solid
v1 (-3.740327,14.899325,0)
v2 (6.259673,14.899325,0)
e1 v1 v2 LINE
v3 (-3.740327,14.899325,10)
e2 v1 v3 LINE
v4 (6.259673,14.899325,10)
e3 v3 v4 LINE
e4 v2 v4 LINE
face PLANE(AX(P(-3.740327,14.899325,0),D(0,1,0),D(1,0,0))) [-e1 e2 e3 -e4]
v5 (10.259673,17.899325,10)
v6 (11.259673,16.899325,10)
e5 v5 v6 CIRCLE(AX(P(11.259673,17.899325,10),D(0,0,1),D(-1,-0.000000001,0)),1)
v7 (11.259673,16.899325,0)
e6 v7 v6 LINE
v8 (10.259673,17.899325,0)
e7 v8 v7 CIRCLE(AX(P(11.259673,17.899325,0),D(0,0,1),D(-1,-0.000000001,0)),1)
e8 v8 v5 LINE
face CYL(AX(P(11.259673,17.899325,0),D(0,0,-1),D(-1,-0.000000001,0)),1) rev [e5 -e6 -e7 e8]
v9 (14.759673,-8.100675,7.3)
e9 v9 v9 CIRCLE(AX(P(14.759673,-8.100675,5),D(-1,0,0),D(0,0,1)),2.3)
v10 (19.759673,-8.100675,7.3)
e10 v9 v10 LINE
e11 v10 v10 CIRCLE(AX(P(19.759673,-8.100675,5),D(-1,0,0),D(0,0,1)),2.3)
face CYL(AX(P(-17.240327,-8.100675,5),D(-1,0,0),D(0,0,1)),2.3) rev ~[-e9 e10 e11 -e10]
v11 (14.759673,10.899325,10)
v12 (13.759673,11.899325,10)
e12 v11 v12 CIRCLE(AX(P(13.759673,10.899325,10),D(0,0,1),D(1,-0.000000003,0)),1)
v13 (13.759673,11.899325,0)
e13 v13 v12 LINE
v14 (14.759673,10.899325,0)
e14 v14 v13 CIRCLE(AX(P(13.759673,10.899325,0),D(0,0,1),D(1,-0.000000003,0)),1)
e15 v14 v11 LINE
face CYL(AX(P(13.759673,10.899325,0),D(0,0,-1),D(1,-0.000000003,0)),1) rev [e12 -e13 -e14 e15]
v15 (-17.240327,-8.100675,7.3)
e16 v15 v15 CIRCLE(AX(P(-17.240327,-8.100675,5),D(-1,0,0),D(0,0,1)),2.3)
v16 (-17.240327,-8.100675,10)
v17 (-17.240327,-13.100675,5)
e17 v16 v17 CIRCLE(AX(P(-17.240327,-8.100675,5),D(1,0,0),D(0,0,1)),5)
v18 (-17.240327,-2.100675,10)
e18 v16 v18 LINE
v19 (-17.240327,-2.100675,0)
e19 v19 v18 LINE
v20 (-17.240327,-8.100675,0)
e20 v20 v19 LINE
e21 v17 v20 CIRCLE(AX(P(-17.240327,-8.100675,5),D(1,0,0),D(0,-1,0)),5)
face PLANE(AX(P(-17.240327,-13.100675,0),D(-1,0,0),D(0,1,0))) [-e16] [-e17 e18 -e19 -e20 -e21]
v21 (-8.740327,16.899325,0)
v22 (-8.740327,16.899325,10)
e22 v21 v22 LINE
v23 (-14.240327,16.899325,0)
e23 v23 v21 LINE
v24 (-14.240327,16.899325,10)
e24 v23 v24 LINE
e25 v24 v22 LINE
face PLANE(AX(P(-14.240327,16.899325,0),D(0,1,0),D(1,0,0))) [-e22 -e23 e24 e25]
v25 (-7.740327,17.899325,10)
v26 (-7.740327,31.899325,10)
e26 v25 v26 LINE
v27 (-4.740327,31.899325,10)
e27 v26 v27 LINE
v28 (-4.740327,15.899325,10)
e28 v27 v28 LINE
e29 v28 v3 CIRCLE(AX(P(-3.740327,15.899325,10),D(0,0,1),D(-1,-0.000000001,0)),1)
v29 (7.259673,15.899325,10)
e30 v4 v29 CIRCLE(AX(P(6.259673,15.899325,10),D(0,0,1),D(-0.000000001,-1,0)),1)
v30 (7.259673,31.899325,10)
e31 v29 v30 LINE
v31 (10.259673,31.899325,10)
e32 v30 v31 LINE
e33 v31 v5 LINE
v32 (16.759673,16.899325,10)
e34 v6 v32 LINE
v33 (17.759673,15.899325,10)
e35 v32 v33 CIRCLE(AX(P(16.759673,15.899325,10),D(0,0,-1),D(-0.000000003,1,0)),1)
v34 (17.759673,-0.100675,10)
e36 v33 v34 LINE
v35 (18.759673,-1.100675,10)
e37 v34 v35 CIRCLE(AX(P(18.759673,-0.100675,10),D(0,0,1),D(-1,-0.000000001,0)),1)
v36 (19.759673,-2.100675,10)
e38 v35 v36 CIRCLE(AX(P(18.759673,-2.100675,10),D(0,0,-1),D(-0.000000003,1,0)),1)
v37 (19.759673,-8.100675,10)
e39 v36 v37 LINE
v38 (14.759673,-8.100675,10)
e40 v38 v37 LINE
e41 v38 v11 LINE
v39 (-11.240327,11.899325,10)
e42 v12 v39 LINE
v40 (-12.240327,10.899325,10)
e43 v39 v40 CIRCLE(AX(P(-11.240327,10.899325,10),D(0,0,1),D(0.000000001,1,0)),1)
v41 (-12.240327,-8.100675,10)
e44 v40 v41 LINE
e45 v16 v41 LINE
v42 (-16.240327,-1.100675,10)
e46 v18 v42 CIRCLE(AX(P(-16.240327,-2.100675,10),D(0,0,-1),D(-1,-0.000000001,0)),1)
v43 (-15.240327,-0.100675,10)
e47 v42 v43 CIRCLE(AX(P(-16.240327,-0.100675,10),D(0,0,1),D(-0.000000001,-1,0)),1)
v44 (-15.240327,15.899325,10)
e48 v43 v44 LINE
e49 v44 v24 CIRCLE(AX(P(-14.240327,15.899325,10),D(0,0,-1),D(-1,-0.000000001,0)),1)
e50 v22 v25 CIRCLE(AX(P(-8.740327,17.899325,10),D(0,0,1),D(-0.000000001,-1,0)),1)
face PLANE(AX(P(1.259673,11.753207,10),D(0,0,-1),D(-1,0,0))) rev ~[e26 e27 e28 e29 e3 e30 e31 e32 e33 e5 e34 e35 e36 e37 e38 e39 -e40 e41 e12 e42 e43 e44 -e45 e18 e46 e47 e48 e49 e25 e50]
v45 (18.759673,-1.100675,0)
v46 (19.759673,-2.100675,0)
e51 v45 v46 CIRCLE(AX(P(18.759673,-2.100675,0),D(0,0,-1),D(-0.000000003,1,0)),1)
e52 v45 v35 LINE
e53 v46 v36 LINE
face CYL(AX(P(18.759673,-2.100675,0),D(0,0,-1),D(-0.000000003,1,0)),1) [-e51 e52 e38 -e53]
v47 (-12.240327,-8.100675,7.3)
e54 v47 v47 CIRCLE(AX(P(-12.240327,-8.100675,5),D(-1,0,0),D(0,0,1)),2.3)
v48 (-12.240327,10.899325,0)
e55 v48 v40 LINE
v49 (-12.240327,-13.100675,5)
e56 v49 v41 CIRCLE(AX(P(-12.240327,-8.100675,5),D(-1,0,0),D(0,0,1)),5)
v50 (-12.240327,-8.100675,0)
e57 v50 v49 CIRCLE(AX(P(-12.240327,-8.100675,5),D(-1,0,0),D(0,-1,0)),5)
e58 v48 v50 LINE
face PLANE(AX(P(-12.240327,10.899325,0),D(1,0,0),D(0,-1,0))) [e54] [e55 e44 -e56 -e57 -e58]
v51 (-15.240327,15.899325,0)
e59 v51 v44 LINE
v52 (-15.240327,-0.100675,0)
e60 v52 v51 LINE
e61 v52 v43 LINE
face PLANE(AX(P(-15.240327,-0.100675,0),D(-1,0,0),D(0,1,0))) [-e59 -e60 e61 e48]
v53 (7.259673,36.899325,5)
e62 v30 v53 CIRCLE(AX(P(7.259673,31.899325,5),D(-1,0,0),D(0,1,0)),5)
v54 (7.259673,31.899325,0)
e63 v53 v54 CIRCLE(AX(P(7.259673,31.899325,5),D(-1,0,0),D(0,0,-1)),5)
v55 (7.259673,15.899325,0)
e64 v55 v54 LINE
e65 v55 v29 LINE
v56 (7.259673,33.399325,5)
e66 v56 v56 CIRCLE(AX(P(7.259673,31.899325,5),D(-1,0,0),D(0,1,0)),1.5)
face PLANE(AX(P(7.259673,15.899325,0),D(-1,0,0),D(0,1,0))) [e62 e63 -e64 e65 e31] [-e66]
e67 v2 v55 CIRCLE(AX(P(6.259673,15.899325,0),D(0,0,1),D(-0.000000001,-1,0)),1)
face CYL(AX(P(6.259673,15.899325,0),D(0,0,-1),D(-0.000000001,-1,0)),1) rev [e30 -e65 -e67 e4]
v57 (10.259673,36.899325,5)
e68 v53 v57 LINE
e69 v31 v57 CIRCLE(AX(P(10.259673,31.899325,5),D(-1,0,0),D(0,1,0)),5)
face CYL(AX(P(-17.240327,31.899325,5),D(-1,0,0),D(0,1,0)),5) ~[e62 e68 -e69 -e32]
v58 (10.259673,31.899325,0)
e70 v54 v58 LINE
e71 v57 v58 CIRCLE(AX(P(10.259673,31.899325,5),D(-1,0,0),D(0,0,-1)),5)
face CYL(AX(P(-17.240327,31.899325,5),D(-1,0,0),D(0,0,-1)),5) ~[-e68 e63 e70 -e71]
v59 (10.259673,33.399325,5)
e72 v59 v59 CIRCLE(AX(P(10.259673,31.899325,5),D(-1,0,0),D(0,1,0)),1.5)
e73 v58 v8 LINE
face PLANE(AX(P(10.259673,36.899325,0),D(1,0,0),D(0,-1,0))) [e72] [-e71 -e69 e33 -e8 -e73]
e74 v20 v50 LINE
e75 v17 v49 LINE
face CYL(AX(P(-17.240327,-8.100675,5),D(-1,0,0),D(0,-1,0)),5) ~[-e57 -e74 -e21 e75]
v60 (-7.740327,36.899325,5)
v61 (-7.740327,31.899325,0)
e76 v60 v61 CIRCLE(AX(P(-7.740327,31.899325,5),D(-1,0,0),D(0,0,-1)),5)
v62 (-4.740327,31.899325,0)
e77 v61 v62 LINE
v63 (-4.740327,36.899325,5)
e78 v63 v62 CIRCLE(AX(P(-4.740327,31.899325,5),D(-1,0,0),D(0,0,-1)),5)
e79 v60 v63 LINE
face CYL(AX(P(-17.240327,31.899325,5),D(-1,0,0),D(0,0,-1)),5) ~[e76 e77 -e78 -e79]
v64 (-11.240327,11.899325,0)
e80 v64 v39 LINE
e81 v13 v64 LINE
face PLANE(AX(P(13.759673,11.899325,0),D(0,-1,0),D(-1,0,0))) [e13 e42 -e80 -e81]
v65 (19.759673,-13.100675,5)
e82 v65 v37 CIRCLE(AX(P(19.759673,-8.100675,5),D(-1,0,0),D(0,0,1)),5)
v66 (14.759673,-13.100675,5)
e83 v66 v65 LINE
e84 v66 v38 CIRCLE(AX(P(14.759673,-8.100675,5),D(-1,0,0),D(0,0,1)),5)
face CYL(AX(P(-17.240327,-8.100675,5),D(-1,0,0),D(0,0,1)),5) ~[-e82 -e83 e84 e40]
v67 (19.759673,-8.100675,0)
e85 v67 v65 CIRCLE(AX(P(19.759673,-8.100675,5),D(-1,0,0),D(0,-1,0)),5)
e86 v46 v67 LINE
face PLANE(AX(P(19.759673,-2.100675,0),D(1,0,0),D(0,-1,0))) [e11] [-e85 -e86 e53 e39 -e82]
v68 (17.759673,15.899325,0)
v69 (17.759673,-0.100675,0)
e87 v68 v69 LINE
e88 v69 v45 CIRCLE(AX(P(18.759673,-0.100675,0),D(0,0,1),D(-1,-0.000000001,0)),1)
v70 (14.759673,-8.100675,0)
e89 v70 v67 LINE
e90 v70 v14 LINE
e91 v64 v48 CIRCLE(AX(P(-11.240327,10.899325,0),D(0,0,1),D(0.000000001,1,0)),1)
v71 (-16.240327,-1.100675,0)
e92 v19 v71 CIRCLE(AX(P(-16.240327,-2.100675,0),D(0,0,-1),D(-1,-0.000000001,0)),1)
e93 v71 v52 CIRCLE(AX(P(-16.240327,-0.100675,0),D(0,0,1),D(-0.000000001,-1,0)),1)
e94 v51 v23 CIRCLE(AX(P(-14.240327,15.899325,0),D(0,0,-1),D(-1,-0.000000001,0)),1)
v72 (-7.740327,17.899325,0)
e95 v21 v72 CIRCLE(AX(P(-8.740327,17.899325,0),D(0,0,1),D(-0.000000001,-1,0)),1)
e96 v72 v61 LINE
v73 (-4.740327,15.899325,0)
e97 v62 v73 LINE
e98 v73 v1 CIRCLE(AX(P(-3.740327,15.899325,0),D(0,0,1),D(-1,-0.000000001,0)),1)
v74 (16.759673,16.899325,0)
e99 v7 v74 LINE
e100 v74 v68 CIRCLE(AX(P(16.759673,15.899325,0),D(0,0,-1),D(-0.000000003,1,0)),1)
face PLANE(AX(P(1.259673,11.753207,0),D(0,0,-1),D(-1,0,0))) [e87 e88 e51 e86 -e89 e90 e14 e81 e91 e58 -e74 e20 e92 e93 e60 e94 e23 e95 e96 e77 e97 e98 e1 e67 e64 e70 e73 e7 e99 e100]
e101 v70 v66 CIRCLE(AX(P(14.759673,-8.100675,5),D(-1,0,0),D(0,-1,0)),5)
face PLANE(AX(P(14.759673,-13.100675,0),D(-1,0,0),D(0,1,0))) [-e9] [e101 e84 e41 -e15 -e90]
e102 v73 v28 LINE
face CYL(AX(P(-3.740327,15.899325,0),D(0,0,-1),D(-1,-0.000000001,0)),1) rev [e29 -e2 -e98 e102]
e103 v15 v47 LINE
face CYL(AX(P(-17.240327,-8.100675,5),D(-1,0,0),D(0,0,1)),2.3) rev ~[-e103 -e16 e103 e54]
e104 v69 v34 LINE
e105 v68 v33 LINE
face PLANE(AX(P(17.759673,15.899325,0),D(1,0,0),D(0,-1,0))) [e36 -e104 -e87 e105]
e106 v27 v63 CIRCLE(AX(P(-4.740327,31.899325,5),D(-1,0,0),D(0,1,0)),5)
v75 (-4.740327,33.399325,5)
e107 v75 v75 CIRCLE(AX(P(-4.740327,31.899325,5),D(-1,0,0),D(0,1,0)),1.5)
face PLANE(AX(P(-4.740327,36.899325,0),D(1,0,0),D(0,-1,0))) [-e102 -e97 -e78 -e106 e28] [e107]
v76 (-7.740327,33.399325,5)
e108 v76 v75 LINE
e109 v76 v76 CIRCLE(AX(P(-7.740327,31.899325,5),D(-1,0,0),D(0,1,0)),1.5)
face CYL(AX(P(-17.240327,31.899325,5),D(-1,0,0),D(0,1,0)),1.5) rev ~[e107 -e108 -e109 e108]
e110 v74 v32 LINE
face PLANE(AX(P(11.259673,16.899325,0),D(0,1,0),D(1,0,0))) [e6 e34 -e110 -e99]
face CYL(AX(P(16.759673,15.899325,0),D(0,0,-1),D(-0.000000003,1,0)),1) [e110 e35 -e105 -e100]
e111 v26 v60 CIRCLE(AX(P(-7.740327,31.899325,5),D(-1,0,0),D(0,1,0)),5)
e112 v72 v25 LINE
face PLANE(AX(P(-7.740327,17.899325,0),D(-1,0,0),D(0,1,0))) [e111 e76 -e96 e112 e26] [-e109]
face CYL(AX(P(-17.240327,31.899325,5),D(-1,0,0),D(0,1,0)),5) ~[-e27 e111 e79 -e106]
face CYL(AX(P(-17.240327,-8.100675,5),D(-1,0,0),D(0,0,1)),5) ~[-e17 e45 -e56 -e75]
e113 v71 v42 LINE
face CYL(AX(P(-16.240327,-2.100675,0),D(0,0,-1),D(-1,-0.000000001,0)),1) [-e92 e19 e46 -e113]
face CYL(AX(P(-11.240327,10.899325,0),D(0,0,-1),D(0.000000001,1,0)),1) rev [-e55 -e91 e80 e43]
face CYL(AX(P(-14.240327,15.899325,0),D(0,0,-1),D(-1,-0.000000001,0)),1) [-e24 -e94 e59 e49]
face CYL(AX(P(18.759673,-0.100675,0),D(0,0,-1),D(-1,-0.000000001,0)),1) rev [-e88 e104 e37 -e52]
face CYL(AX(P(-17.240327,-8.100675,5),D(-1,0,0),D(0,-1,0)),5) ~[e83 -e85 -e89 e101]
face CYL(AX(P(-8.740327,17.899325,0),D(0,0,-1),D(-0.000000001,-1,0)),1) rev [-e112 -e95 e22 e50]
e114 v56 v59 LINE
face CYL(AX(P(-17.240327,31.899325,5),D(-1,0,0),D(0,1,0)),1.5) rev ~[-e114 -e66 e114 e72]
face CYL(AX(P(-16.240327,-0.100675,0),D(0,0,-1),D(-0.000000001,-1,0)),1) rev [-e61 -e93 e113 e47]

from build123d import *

# Parameters (mm, degrees)
BOSS_EXTRU_1_DEPTH      = 10
ESQUISSE2_R             = 1.5
ESQUISSE2_R_2           = 2.3
ENL_V_MAT_EXTRU_1_DEPTH = 54.203009486


with BuildPart() as part:
    # Esquisse1 → Boss.-Extru.1 (new body)
    with BuildSketch(Plane.XY):
        with BuildLine():
            Line((-17.240327137, -13.100674555), (-17.240327137, -2.100674555))
            ThreePointArc((-17.240327137, -2.100674555), (-16.947433918, -1.393567773), (-16.240327137, -1.100674555))
            ThreePointArc((-16.240327137, -1.100674555), (-15.533220355, -0.807781336), (-15.240327137, -0.100674555))
            Line((-15.240327137, -0.100674555), (-15.240327137, 15.899325445))
            ThreePointArc((-15.240327137, 15.899325445), (-14.947433918, 16.606432227), (-14.240327137, 16.899325445))
            Line((-14.240327137, 16.899325445), (-8.740327137, 16.899325445))
            ThreePointArc((-8.740327137, 16.899325445), (-8.033220355, 17.192218664), (-7.740327137, 17.899325445))
            Line((-7.740327137, 17.899325445), (-7.740327137, 36.899325445))
            Line((-7.740327137, 36.899325445), (-4.740327137, 36.899325445))
            Line((-4.740327137, 36.899325445), (-4.740327137, 15.899325445))
            ThreePointArc((-4.740327137, 15.899325445), (-4.447433918, 15.192218664), (-3.740327137, 14.899325445))
            Line((-3.740327137, 14.899325445), (6.259672863, 14.899325445))
            ThreePointArc((6.259672863, 14.899325445), (6.966779645, 15.192218664), (7.259672863, 15.899325445))
            Line((7.259672863, 15.899325445), (7.259672863, 36.899325445))
            Line((7.259672863, 36.899325445), (10.259672863, 36.899325445))
            Line((10.259672863, 36.899325445), (10.259672863, 17.899325445))
            ThreePointArc((10.259672863, 17.899325445), (10.552566082, 17.192218664), (11.259672863, 16.899325445))
            Line((11.259672863, 16.899325445), (16.759672863, 16.899325445))
            ThreePointArc((16.759672863, 16.899325445), (17.466779645, 16.606432227), (17.759672863, 15.899325445))
            Line((17.759672863, 15.899325445), (17.759672863, -0.100674555))
            ThreePointArc((17.759672863, -0.100674555), (18.052566082, -0.807781336), (18.759672863, -1.100674555))
            ThreePointArc((18.759672863, -1.100674555), (19.466779645, -1.393567773), (19.759672863, -2.100674555))
            Line((19.759672863, -2.100674555), (19.759672863, -13.100674555))
            Line((19.759672863, -13.100674555), (14.759672863, -13.100674555))
            Line((14.759672863, -13.100674555), (14.759672863, 10.899325445))
            ThreePointArc((14.759672863, 10.899325445), (14.466779645, 11.606432227), (13.759672863, 11.899325445))
            Line((13.759672863, 11.899325445), (-11.240327137, 11.899325445))
            ThreePointArc((-11.240327137, 11.899325445), (-11.947433918, 11.606432227), (-12.240327137, 10.899325445))
            Line((-12.240327137, 10.899325445), (-12.240327137, -13.100674555))
            Line((-12.240327137, -13.100674555), (-17.240327137, -13.100674555))
        make_face()
    extrude(amount=BOSS_EXTRU_1_DEPTH)

    # Esquisse2 → Enlèv. mat.-Extru.1 (cut, through all)
    with BuildSketch(Plane.ZY.offset(17.240327137)):
        with BuildLine():
            Line((0, 36.899325445), (0, 31.899325445))
            ThreePointArc((0, 31.899325445), (1.464466094, 35.434859351), (5, 36.899325445))
            Line((5, 36.899325445), (0, 36.899325445))
        make_face()
        with BuildLine():
            Line((10, 36.899325445), (5, 36.899325445))
            ThreePointArc((5, 36.899325445), (8.535533906, 35.434859351), (10, 31.899325445))
            Line((10, 31.899325445), (10, 36.899325445))
        make_face()
        with BuildLine():
            ThreePointArc((10, -8.100674555), (8.535533906, -11.636208461), (5, -13.100674555))
            Line((5, -13.100674555), (10, -13.100674555))
            Line((10, -13.100674555), (10, -8.100674555))
        make_face()
        with BuildLine():
            ThreePointArc((5, -13.100674555), (1.464466094, -11.636208461), (0, -8.100674555))
            Line((0, -8.100674555), (0, -13.100674555))
            Line((0, -13.100674555), (5, -13.100674555))
        make_face()
        with Locations(Location((5, 31.899325445, 0), (0, 0, 90))):
            Circle(ESQUISSE2_R)
        with Locations((5, -8.100674555)):
            Circle(ESQUISSE2_R_2)
    extrude(amount=-ENL_V_MAT_EXTRU_1_DEPTH, mode=Mode.SUBTRACT)


solid = part.part
